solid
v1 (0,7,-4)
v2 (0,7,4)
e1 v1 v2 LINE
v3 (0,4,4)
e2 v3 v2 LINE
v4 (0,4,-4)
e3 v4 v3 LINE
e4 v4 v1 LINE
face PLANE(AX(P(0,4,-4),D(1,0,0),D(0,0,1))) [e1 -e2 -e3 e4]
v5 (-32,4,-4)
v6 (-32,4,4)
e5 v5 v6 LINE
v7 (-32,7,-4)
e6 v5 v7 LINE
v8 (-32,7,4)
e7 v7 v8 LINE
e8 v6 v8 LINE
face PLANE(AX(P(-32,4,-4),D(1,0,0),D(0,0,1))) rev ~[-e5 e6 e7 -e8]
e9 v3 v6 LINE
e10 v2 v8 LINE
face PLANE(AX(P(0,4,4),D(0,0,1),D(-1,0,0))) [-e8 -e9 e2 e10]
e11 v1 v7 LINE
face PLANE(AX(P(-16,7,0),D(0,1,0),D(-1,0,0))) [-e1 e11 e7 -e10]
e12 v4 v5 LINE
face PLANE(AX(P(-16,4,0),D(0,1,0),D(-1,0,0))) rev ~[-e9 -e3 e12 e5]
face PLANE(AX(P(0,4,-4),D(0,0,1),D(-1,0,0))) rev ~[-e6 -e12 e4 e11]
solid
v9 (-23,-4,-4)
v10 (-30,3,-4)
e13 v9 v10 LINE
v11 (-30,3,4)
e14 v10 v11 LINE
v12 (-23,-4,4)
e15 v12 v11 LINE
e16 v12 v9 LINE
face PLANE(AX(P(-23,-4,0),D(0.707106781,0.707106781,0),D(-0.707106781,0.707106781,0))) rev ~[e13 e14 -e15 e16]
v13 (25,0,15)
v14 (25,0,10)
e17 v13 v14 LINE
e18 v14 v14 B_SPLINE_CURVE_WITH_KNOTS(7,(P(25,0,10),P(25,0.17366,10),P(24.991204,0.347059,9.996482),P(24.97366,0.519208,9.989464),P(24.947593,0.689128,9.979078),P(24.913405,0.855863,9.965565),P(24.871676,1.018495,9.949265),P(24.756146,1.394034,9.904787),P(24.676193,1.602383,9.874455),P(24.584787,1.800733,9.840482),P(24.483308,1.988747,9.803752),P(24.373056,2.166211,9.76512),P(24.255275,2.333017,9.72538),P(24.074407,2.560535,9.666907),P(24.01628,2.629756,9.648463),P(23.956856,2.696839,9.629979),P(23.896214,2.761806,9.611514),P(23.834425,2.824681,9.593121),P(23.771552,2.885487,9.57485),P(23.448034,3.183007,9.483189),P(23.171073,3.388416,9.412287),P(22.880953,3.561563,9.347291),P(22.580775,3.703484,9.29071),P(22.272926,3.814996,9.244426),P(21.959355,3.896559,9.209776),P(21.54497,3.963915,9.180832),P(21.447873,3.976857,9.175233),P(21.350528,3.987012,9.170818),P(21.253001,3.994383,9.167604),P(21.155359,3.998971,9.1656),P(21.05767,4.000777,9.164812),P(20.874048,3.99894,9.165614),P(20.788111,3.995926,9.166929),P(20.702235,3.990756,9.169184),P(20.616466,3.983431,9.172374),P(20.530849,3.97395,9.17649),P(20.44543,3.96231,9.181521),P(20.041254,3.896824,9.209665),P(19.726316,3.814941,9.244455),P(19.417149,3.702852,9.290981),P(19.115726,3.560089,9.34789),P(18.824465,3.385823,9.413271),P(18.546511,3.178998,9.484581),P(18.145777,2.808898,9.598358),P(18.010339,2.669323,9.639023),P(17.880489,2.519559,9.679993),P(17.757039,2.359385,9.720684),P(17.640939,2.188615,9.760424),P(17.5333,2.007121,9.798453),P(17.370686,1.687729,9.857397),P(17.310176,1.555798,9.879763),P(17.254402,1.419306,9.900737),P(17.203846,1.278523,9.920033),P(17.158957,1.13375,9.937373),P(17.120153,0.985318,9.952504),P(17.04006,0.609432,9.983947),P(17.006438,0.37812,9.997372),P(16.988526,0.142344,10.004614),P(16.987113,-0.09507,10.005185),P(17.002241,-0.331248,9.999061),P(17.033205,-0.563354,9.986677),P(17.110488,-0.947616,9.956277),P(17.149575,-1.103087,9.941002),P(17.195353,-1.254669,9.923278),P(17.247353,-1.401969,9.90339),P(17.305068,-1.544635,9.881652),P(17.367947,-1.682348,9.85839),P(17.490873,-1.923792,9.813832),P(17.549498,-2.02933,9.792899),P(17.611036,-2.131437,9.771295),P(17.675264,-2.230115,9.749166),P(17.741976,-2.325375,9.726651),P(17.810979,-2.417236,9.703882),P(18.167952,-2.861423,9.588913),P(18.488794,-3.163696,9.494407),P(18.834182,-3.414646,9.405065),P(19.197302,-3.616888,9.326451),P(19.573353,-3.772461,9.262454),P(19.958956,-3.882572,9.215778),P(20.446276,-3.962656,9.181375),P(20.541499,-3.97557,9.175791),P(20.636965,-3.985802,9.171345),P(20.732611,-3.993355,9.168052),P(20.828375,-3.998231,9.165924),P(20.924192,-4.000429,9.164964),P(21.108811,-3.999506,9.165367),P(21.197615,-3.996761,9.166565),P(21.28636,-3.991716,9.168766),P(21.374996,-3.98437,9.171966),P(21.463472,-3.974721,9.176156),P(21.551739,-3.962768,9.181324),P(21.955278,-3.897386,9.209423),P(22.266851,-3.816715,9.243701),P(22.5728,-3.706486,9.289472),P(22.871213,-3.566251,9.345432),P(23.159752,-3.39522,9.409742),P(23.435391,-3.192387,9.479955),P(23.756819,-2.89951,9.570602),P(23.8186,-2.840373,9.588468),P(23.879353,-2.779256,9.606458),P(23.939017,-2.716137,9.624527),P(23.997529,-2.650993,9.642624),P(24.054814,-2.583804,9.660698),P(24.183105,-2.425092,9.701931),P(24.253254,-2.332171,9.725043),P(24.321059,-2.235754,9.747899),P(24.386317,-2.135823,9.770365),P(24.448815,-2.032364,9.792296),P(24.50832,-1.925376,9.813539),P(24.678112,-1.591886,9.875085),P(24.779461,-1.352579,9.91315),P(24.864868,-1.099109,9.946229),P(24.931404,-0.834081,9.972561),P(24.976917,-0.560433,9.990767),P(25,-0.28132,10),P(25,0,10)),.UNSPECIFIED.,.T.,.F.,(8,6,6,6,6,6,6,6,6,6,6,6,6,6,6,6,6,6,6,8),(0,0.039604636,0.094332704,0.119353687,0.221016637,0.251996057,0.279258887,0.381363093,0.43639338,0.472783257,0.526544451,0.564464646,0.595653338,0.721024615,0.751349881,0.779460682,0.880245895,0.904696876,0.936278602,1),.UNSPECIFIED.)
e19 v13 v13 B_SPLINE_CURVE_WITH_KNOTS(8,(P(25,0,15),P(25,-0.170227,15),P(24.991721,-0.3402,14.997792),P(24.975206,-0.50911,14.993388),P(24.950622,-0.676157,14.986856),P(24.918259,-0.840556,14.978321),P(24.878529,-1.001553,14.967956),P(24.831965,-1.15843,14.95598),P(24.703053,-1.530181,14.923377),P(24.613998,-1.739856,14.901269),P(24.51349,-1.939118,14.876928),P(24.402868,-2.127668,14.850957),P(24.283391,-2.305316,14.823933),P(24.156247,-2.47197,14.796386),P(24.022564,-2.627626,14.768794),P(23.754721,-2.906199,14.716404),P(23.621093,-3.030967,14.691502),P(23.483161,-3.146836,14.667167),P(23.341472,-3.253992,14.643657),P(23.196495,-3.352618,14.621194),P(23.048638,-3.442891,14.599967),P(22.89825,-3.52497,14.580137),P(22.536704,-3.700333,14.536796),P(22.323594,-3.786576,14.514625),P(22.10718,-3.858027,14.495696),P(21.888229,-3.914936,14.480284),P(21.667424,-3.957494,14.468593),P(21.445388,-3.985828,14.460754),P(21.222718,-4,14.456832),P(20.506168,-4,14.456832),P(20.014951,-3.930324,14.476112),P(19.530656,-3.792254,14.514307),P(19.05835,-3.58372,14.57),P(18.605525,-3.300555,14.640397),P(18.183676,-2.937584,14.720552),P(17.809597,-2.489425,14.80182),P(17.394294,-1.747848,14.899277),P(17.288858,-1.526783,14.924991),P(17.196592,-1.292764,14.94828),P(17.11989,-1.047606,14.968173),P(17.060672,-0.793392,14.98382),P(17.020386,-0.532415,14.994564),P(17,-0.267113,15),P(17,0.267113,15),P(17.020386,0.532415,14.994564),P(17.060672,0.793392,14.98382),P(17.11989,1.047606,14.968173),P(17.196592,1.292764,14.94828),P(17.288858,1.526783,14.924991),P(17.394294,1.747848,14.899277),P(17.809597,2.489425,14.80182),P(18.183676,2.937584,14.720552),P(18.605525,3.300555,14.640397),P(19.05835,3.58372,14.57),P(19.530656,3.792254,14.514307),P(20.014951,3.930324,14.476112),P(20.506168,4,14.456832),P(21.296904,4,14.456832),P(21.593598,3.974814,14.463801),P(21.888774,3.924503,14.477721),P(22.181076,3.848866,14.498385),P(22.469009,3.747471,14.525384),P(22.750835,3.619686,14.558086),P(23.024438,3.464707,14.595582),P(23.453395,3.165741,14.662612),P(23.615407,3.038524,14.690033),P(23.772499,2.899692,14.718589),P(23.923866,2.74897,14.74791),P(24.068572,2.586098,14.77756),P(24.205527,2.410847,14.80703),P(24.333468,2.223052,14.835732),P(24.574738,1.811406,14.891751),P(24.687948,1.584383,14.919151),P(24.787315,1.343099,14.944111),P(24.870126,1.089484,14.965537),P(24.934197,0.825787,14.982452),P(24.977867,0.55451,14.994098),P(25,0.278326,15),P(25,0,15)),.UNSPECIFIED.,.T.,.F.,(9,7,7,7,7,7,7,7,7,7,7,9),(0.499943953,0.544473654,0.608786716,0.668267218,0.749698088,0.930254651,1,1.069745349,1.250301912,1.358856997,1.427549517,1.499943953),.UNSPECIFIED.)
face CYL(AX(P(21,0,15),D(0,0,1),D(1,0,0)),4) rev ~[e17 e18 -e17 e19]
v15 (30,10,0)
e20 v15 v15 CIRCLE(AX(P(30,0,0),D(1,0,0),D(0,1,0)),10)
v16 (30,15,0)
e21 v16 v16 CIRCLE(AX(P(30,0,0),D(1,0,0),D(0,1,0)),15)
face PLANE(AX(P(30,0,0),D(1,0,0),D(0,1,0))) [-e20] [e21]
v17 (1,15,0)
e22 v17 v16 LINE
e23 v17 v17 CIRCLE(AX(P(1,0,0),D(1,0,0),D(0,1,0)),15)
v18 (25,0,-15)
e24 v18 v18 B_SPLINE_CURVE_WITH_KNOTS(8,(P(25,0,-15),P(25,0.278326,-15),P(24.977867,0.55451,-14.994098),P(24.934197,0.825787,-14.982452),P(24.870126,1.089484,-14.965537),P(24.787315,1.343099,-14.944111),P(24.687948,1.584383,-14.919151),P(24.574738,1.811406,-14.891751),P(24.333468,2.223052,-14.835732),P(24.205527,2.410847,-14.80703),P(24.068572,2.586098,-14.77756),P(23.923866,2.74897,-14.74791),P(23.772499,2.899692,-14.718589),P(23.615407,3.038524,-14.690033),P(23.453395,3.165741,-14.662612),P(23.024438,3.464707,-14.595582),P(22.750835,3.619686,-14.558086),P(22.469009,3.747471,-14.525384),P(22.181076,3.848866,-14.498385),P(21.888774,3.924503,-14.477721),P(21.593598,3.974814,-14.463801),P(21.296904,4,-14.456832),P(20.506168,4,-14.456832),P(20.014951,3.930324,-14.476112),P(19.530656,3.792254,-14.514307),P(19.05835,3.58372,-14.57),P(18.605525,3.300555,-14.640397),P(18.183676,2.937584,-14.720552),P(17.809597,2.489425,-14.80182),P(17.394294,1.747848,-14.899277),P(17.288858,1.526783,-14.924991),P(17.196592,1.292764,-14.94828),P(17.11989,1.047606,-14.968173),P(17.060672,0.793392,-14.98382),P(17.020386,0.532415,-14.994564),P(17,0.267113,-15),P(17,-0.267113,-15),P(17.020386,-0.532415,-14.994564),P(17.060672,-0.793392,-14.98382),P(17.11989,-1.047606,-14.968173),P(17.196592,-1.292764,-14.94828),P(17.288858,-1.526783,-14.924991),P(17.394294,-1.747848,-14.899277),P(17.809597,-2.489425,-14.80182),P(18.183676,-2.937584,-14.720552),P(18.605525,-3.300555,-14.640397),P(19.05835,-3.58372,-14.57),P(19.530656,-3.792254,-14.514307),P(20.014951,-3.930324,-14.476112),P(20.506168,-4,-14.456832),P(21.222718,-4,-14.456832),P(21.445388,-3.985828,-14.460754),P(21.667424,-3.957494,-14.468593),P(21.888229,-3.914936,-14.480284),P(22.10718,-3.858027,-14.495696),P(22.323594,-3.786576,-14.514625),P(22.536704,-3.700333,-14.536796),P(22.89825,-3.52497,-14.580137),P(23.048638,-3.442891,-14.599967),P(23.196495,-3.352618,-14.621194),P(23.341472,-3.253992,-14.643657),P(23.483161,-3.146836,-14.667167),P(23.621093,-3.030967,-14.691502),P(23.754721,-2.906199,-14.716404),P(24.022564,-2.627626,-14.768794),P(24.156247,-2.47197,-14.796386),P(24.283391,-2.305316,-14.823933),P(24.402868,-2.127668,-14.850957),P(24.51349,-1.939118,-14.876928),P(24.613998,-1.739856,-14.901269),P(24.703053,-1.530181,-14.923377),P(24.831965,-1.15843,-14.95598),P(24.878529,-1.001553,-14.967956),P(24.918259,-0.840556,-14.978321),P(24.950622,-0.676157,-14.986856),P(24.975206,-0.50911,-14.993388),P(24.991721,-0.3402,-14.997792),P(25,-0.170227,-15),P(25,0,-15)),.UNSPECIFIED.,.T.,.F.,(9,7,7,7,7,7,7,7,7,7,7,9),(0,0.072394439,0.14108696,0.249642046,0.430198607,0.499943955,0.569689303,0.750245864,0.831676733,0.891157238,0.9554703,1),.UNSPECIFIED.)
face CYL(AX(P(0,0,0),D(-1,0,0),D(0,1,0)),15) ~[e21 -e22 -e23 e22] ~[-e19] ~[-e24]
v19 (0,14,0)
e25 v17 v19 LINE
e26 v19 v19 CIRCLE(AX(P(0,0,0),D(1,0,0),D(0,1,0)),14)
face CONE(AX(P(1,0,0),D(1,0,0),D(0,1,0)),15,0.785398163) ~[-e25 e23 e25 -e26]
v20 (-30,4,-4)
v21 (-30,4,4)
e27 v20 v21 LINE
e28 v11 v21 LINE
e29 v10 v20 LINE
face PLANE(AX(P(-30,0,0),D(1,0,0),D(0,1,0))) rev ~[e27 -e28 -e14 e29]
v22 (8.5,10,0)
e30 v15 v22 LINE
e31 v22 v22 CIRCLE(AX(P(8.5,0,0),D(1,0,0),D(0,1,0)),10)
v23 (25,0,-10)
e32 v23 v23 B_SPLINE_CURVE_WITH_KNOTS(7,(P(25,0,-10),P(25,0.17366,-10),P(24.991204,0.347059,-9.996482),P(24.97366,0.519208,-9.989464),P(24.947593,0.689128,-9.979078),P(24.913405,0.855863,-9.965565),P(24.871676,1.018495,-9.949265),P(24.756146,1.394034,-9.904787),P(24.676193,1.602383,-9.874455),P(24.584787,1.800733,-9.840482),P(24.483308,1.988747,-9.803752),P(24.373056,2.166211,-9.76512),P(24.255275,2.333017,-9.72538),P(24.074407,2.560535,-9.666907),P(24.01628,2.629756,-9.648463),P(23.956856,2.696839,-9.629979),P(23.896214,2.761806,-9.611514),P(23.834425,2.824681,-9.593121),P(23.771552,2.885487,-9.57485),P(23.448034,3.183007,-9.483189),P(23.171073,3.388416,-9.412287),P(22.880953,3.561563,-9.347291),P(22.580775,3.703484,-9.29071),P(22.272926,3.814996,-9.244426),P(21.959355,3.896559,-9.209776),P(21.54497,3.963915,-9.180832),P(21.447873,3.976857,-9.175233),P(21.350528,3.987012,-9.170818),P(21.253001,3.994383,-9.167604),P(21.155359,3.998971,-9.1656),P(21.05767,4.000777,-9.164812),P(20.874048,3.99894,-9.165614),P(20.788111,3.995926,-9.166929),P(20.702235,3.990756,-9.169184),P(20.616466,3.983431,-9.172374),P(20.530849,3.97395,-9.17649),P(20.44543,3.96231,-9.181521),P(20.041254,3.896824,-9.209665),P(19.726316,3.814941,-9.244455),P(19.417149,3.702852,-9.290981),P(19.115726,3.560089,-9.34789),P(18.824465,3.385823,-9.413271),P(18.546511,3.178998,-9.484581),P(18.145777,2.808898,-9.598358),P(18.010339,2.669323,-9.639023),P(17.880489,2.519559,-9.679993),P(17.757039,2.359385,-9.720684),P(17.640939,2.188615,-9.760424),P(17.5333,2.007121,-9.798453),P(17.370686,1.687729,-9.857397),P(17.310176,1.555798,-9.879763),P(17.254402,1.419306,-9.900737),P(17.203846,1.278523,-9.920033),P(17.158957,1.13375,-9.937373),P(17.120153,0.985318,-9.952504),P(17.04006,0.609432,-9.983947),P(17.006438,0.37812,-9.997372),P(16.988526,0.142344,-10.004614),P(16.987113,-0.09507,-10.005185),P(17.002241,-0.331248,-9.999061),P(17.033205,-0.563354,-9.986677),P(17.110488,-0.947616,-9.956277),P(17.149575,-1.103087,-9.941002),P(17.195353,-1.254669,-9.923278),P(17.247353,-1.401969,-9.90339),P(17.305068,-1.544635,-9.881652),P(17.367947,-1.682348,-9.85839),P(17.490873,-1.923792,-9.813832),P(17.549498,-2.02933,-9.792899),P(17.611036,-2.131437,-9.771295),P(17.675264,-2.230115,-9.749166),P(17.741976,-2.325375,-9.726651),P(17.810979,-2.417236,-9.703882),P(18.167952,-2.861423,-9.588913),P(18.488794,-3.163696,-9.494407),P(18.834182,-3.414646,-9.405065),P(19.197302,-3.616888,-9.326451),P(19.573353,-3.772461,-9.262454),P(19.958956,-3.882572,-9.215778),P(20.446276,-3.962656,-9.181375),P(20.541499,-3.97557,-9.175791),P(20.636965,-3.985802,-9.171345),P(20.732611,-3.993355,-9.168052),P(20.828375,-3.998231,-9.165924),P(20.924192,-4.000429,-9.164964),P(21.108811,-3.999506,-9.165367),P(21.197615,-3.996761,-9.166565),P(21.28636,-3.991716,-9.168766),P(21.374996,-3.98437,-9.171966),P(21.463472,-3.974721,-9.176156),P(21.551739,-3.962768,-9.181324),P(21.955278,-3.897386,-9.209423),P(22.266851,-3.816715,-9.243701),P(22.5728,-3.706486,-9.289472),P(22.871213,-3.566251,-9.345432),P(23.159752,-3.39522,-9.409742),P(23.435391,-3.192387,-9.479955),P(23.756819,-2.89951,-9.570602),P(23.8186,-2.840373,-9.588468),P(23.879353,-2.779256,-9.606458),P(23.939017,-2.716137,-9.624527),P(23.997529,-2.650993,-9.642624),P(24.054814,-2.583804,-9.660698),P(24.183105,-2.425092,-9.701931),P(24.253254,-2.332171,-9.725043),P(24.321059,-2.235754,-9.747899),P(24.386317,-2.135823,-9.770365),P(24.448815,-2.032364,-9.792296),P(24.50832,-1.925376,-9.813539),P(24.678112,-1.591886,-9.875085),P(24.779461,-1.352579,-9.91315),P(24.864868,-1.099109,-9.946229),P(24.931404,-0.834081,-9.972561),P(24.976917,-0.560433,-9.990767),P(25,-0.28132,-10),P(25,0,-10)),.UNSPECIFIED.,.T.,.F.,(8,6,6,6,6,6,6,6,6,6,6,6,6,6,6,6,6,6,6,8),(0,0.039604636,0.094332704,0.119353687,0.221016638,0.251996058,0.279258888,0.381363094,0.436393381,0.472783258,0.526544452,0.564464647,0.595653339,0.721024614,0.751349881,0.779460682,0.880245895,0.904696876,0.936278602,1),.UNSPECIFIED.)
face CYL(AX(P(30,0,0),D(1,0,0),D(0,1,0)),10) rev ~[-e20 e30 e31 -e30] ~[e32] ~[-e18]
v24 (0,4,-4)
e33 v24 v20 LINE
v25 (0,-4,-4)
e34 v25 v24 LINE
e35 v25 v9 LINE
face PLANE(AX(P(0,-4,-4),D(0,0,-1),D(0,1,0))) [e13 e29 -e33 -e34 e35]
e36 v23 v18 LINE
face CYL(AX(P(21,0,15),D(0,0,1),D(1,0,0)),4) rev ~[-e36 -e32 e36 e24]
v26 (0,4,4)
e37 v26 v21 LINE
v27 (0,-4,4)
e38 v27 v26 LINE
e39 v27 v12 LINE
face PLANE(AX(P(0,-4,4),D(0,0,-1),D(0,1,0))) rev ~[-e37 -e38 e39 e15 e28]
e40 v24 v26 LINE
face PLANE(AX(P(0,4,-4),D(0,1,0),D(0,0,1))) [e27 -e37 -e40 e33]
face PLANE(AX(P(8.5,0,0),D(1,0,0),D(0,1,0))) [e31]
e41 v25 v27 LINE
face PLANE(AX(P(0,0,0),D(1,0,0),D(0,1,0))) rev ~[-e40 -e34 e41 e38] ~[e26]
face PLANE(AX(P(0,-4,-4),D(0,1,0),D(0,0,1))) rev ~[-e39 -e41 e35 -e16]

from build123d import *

# Parameters (mm, degrees)
F0_R           = 15
F1_DEPTH       = 30
F2_R           = 10
F3_DEPTH       = 21.5
F5_R           = 4
F6_DEPTH       = 30.001
F7_W           = 8
F7_H           = 8
F8_DEPTH       = 30
F10_DEPTH      = 4
F10_DEPTH_BACK = 4
F11_SIZE       = 1
F12_W          = 32
F12_H          = 8
F13_DEPTH      = 3


with BuildPart() as f1:
    # F0 (on Right) → F1 (new body)
    with BuildSketch(Plane.YZ):
        Circle(F0_R)
    extrude(amount=F1_DEPTH)

    # F2 (on face) → F3 (cut)
    with BuildSketch(Plane.YZ.offset(30)):
        Circle(F2_R)
    extrude(amount=-F3_DEPTH, mode=Mode.SUBTRACT)

    # F5 (on offset) → F6 (cut, through all)
    with BuildSketch(Plane.XY.offset(15)):
        with Locations((21, 0)):
            Circle(F5_R)
    extrude(amount=-F6_DEPTH, mode=Mode.SUBTRACT)

    # F7 (on Right) → F8 (join)
    with BuildSketch(Plane.YZ):
        Rectangle(F7_W, F7_H)
    extrude(amount=-F8_DEPTH)

    # F9 (on Top) → F10 (cut, two sides)
    with BuildSketch(Plane.XY) as f10_sk:
        Polygon((-23, -4), (-30, 3), (-30, -4), align=None)
    extrude(amount=-F10_DEPTH, mode=Mode.SUBTRACT)
    extrude(f10_sk.sketch, amount=F10_DEPTH_BACK, mode=Mode.SUBTRACT)

    # F11
    f11_edges = [f1.edges().sort_by_distance(p)[0] for p in [
        (0, -15, 0),
    ]]
    chamfer(f11_edges, length=F11_SIZE)


with BuildPart() as f13:
    # F12 (on face) → F13 (new body)
    with BuildSketch(Plane(origin=(0, 4, 0), x_dir=(-1, 0, 0), z_dir=(0, 1, 0))):
        with Locations((16, 0)):
            Rectangle(F12_W, F12_H)
    extrude(amount=F13_DEPTH)


solid = Compound([f1.part, f13.part])
